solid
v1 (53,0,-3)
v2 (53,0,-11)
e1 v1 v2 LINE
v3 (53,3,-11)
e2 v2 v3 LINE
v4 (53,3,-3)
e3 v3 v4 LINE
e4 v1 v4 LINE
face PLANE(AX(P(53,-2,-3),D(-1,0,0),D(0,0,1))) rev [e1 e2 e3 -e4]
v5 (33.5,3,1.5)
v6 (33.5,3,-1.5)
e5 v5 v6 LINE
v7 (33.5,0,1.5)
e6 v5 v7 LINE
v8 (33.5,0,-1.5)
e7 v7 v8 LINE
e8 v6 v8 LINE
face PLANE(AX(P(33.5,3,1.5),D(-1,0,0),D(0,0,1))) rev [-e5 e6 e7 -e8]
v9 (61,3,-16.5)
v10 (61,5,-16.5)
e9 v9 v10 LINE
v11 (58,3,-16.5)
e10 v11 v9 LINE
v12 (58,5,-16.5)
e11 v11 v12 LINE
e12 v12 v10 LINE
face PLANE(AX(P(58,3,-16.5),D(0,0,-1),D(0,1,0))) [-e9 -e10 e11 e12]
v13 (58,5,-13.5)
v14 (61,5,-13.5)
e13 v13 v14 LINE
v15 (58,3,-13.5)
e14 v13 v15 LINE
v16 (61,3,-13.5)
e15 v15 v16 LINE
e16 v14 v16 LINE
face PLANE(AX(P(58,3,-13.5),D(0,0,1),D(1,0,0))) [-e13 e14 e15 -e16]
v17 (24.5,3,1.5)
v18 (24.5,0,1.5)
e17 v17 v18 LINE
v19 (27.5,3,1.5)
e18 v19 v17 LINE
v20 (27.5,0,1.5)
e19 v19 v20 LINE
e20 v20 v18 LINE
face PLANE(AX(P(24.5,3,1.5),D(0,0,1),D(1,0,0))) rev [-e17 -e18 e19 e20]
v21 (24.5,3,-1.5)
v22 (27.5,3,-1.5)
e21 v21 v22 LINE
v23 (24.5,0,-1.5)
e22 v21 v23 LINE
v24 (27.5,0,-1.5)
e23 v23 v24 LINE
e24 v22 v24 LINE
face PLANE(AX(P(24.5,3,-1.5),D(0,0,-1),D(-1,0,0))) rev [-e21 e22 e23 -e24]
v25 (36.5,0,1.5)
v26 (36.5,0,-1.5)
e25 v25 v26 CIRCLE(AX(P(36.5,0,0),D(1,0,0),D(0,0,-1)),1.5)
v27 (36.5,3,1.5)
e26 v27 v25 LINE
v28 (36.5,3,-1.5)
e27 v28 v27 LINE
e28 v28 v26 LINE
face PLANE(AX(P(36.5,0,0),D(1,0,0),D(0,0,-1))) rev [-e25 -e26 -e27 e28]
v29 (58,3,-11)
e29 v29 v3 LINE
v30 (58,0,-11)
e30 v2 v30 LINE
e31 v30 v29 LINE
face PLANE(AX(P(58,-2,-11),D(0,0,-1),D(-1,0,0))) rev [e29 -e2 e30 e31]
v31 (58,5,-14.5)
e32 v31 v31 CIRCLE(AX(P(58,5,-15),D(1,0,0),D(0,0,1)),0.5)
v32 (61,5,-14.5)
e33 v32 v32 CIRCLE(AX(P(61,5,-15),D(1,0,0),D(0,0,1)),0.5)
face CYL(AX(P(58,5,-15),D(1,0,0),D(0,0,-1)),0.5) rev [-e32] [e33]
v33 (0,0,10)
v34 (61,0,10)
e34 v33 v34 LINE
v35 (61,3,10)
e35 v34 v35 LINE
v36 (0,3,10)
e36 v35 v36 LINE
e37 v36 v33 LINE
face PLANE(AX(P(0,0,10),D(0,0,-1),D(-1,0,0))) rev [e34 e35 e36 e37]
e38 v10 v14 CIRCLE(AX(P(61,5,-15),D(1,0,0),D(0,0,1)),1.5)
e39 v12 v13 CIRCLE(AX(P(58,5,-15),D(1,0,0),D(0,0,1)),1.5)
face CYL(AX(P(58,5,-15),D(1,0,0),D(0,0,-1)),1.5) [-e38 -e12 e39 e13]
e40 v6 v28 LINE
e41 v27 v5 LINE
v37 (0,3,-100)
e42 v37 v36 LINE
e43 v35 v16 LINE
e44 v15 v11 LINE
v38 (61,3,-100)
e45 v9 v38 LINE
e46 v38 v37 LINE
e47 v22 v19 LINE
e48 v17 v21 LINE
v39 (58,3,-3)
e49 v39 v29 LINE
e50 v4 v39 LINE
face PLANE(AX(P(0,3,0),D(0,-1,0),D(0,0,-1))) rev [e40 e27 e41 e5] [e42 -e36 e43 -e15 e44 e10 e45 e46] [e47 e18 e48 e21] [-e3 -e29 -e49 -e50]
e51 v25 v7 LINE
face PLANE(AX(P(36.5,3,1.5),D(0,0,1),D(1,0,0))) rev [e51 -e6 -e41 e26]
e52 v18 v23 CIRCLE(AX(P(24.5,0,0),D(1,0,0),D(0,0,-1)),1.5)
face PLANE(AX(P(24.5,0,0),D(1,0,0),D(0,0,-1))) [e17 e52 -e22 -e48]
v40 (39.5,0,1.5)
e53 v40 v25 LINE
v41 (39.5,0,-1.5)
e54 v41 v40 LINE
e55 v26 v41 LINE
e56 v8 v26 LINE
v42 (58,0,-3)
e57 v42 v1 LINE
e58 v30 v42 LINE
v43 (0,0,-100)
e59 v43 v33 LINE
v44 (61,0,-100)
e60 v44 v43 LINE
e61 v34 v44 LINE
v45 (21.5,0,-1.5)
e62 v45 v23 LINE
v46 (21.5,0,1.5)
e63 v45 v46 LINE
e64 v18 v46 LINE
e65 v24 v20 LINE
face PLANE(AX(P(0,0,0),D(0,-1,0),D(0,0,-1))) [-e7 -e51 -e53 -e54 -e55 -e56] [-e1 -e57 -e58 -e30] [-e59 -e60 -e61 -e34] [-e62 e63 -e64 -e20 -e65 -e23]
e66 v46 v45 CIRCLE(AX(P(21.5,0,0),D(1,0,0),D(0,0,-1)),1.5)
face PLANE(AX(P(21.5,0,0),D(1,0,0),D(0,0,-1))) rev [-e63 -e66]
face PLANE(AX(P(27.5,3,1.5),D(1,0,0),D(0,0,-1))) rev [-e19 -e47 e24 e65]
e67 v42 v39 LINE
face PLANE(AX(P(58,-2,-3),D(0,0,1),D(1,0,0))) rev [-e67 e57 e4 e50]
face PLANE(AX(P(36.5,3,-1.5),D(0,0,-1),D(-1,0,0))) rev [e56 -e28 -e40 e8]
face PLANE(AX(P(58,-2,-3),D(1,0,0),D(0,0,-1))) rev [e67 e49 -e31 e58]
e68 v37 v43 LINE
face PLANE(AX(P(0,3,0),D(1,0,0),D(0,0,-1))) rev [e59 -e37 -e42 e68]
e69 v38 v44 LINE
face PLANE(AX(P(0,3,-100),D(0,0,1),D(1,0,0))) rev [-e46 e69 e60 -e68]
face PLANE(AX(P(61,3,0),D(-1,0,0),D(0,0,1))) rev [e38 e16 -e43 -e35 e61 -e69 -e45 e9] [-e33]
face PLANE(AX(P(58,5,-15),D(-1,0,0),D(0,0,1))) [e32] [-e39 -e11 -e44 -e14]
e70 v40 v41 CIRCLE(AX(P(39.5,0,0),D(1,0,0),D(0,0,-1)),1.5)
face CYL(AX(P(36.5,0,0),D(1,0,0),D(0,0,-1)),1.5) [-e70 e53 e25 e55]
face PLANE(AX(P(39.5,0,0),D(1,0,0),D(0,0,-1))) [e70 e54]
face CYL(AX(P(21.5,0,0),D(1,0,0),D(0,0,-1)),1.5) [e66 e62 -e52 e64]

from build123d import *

# Parameters (mm, degrees)
SKETCH1_W           = 61
SKETCH1_H           = 100
BOSS_EXTRUDE1_DEPTH = 3
SKETCH3_R           = 1.5
BOSS_EXTRUDE7_DEPTH = 3
LPATTERN1_COUNT     = 2
LPATTERN1_PITCH     = 15
SKETCH6_W           = 5
SKETCH6_H           = 8
CUT_EXTRUDE1_DEPTH  = 5
SKETCH4_W           = 61
SKETCH4_H           = 3
BOSS_EXTRUDE3_DEPTH = 10
SKETCH8_R           = 0.5
BOSS_EXTRUDE6_DEPTH = 3
SKETCH9_W           = 3
SKETCH9_H           = 3
CUT_EXTRUDE3_DEPTH  = 3


with BuildPart() as part:
    # Sketch1 → Boss-Extrude1 (new body)
    with BuildSketch(Plane(origin=(0, 0, 0), x_dir=(1, 0, 0), z_dir=(0, 1, 0))):
        with Locations((30.5, 50)):
            Rectangle(SKETCH1_W, SKETCH1_H)
    extrude(amount=BOSS_EXTRUDE1_DEPTH)

    # Sketch3 → Boss-Extrude7 (add)
    with BuildSketch(Plane(origin=(24.5, 0, 0), x_dir=(0, 0, -1), z_dir=(1, 0, 0))):
        Circle(SKETCH3_R)
    boss_extrude7 = extrude(amount=-BOSS_EXTRUDE7_DEPTH)

    # LPattern1: Boss-Extrude7 ×2
    with Locations(*[(i * LPATTERN1_PITCH, 0, 0) for i in range(1, LPATTERN1_COUNT)]):
        add(boss_extrude7)

    # Sketch6 → Cut-Extrude1 (cut)
    with BuildSketch(Plane(origin=(0, 3, 0), x_dir=(1, 0, 0), z_dir=(0, 1, 0))):
        with Locations((55.5, 7)):
            Rectangle(SKETCH6_W, SKETCH6_H)
    extrude(amount=-CUT_EXTRUDE1_DEPTH, mode=Mode.SUBTRACT)

    # Sketch4 → Boss-Extrude3 (add)
    with BuildSketch(Plane.XY):
        with Locations((30.5, 1.5)):
            Rectangle(SKETCH4_W, SKETCH4_H)
    extrude(amount=BOSS_EXTRUDE3_DEPTH)

    # Sketch8 → Boss-Extrude6 (add)
    with BuildSketch(Plane(origin=(61, 0, 0), x_dir=(0, 0, -1), z_dir=(1, 0, 0))):
        with BuildLine():
            Line((13.5, 3), (16.5, 3))
            Line((16.5, 3), (16.5, 5))
            ThreePointArc((16.5, 5), (15, 6.5), (13.5, 5))
            Line((13.5, 5), (13.5, 3))
        make_face()
        with Locations(Location((15, 5, 0), (0, 0, 180))):
            Circle(SKETCH8_R, mode=Mode.SUBTRACT)
    extrude(amount=-BOSS_EXTRUDE6_DEPTH)

    # Sketch9 → Cut-Extrude3 (cut)
    with BuildSketch(Plane.XZ):
        with Locations((35, 0)):
            Rectangle(SKETCH9_W, SKETCH9_H)
        with Locations((26, 0)):
            Rectangle(SKETCH9_W, SKETCH9_H)
    extrude(amount=-CUT_EXTRUDE3_DEPTH, mode=Mode.SUBTRACT)


solid = part.part
